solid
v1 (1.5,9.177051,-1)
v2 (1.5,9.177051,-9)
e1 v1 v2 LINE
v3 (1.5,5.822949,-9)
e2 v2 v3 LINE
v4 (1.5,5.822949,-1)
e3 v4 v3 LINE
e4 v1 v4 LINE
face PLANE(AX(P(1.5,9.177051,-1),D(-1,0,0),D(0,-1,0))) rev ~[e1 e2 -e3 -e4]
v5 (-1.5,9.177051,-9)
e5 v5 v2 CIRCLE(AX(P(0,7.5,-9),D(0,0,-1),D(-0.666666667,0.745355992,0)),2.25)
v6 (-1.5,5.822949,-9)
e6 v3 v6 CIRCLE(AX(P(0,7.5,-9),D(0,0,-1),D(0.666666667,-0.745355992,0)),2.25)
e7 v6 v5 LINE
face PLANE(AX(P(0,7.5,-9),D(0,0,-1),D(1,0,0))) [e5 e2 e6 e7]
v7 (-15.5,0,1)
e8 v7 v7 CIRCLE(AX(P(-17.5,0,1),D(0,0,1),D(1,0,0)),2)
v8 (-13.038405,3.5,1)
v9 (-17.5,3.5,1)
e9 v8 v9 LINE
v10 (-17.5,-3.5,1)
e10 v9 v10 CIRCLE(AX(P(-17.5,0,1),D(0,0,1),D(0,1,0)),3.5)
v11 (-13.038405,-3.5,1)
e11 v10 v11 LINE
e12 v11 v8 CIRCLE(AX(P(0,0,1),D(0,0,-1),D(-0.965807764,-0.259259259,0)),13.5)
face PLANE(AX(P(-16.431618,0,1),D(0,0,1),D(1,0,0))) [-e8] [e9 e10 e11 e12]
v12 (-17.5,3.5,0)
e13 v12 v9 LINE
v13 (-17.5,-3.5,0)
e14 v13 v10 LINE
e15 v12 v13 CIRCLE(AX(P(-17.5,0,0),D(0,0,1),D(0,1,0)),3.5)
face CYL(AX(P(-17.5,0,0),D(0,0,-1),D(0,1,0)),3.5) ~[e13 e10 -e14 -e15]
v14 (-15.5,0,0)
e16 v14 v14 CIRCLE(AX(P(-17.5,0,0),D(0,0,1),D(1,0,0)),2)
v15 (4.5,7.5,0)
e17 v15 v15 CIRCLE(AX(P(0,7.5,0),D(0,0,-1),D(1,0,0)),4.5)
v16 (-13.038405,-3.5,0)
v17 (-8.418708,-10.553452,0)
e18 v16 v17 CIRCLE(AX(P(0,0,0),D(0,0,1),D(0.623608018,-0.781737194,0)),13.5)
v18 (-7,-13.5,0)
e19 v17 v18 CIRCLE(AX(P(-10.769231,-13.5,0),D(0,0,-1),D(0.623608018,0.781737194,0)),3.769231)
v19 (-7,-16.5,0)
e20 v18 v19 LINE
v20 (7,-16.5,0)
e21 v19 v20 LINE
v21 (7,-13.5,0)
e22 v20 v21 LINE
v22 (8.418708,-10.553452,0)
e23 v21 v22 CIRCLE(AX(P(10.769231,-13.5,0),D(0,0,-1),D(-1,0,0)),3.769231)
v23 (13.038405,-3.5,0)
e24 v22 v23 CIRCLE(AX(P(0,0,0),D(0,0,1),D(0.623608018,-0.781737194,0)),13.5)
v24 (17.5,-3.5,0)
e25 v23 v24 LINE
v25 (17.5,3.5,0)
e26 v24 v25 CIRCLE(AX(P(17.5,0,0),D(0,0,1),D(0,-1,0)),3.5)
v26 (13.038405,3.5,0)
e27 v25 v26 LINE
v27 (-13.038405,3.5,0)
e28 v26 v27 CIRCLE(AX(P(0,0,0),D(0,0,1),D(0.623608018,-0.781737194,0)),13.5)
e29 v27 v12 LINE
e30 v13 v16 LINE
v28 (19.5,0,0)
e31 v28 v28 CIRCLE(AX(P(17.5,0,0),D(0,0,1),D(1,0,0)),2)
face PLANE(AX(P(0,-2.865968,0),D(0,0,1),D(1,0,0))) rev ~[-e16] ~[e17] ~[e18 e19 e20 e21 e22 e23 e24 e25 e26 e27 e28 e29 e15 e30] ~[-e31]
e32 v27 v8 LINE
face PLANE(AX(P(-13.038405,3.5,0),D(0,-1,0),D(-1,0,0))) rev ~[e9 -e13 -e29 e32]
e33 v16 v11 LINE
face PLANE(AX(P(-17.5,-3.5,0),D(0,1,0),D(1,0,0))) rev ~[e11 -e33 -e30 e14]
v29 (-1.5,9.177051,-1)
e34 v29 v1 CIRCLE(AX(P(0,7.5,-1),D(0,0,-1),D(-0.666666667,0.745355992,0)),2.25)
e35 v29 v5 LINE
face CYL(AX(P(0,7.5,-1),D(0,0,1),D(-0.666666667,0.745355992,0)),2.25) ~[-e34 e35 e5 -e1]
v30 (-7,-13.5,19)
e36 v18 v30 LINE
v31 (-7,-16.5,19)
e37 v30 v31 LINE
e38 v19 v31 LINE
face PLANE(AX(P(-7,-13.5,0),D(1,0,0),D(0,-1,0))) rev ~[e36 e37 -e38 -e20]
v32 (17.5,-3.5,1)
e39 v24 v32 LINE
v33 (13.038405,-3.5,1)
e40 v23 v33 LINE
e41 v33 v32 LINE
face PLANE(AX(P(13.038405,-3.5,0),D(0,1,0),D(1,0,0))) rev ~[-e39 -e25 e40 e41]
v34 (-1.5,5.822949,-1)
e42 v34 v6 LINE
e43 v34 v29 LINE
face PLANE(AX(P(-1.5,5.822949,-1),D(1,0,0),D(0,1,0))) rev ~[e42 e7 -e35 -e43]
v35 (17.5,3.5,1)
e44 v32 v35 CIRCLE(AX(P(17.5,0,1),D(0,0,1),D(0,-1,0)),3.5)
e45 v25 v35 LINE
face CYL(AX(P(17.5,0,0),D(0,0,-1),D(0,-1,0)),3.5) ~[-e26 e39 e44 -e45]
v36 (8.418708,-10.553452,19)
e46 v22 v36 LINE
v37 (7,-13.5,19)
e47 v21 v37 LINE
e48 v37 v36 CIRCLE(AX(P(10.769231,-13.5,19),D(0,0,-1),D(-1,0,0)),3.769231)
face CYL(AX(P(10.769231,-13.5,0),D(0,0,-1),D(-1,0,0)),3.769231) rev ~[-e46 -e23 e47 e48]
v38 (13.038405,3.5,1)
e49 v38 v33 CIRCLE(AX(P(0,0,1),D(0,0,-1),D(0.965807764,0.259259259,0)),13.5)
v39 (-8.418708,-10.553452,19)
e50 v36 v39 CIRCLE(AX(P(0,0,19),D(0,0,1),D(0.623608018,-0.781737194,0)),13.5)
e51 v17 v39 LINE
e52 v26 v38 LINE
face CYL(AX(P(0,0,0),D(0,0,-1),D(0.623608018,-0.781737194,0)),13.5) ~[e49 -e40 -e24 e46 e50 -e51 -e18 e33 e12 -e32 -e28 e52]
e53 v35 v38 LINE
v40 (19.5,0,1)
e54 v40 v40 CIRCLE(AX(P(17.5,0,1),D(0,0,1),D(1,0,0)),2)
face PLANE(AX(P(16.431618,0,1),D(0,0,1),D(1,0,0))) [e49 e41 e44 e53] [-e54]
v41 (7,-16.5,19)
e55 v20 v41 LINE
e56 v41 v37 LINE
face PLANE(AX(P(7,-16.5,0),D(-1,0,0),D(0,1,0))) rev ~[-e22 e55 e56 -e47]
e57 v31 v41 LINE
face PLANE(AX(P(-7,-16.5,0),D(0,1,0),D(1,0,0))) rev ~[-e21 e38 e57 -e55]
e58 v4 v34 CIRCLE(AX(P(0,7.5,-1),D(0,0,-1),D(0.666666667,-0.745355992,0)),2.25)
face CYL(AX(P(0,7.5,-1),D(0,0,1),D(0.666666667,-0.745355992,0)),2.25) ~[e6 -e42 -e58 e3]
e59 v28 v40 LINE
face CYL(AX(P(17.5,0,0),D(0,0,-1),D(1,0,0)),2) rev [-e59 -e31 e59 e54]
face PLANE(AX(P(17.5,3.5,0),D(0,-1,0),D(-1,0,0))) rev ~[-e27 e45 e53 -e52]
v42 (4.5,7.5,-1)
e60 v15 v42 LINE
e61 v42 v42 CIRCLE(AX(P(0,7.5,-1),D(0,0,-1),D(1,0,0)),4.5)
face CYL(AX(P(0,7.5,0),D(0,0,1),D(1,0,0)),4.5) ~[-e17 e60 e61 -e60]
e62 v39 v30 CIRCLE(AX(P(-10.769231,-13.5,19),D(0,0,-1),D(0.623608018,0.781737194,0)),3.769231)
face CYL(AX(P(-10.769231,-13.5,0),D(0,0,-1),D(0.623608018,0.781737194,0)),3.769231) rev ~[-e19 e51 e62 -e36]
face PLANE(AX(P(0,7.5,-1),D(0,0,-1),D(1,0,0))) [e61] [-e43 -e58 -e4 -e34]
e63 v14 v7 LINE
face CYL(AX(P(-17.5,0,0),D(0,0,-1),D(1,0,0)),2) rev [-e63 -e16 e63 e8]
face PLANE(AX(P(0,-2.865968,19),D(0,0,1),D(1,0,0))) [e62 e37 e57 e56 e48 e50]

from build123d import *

# Parameters (mm, degrees)
F1_DEPTH = 19
F2_R     = 2
F3_DEPTH = 1
F4_R     = 4.5
F5_DEPTH = 1
F7_DEPTH = 8


with BuildPart() as f1:
    # F0 (on Top) → F1 (new body)
    with BuildSketch(Plane.XY):
        with BuildLine():
            ThreePointArc((7, -13.5), (7.3731475524, -11.8648488215), (8.4187082405, -10.5534521158))
            ThreePointArc((8.4187082405, -10.5534521158), (0, 13.5), (-8.4187082405, -10.5534521158))
            ThreePointArc((-8.4187082405, -10.5534521158), (-7.3731475524, -11.8648488215), (-7, -13.5))
            Line((-7, -13.5), (-7, -16.5))
            Line((-7, -16.5), (7, -16.5))
            Line((7, -16.5), (7, -13.5))
        make_face()
    extrude(amount=F1_DEPTH)

    # F2 (on Top) → F3 (join)
    with BuildSketch(Plane.XY):
        with BuildLine():
            ThreePointArc((13.0384048104, 3.5), (13.5, 0), (13.0384048104, -3.5))
            Line((13.0384048104, -3.5), (17.5, -3.5))
            ThreePointArc((17.5, -3.5), (21, 0), (17.5, 3.5))
            Line((17.5, 3.5), (13.0384048104, 3.5))
        make_face()
        with Locations((17.5, 0)):
            Circle(F2_R, mode=Mode.SUBTRACT)
        with BuildLine():
            Line((-17.5, -3.5), (-13.0384048104, -3.5))
            ThreePointArc((-13.0384048104, -3.5), (-13.5, 0), (-13.0384048104, 3.5))
            Line((-13.0384048104, 3.5), (-17.5, 3.5))
            ThreePointArc((-17.5, 3.5), (-21, 0), (-17.5, -3.5))
        make_face()
        with Locations((-17.5, 0)):
            Circle(F2_R, mode=Mode.SUBTRACT)
    extrude(amount=F3_DEPTH)

    # F4 (on face) → F5 (join)
    with BuildSketch(Plane(origin=(0, 0, 0), x_dir=(1, 0, 0), z_dir=(0, 0, -1))):
        with Locations((0, -7.5)):
            Circle(F4_R)
    extrude(amount=F5_DEPTH)

    # F6 (on face) → F7 (join)
    with BuildSketch(Plane(origin=(0, 0, -1), x_dir=(1, 0, 0), z_dir=(0, 0, -1))):
        with BuildLine():
            Line((-1.5, -5.8229490169), (-1.5, -9.1770509831))
            ThreePointArc((-1.5, -9.1770509831), (0, -9.75), (1.5, -9.1770509831))
            Line((1.5, -9.1770509831), (1.5, -5.8229490169))
            ThreePointArc((1.5, -5.8229490169), (0, -5.25), (-1.5, -5.8229490169))
        make_face()
    extrude(amount=F7_DEPTH)


solid = f1.part
